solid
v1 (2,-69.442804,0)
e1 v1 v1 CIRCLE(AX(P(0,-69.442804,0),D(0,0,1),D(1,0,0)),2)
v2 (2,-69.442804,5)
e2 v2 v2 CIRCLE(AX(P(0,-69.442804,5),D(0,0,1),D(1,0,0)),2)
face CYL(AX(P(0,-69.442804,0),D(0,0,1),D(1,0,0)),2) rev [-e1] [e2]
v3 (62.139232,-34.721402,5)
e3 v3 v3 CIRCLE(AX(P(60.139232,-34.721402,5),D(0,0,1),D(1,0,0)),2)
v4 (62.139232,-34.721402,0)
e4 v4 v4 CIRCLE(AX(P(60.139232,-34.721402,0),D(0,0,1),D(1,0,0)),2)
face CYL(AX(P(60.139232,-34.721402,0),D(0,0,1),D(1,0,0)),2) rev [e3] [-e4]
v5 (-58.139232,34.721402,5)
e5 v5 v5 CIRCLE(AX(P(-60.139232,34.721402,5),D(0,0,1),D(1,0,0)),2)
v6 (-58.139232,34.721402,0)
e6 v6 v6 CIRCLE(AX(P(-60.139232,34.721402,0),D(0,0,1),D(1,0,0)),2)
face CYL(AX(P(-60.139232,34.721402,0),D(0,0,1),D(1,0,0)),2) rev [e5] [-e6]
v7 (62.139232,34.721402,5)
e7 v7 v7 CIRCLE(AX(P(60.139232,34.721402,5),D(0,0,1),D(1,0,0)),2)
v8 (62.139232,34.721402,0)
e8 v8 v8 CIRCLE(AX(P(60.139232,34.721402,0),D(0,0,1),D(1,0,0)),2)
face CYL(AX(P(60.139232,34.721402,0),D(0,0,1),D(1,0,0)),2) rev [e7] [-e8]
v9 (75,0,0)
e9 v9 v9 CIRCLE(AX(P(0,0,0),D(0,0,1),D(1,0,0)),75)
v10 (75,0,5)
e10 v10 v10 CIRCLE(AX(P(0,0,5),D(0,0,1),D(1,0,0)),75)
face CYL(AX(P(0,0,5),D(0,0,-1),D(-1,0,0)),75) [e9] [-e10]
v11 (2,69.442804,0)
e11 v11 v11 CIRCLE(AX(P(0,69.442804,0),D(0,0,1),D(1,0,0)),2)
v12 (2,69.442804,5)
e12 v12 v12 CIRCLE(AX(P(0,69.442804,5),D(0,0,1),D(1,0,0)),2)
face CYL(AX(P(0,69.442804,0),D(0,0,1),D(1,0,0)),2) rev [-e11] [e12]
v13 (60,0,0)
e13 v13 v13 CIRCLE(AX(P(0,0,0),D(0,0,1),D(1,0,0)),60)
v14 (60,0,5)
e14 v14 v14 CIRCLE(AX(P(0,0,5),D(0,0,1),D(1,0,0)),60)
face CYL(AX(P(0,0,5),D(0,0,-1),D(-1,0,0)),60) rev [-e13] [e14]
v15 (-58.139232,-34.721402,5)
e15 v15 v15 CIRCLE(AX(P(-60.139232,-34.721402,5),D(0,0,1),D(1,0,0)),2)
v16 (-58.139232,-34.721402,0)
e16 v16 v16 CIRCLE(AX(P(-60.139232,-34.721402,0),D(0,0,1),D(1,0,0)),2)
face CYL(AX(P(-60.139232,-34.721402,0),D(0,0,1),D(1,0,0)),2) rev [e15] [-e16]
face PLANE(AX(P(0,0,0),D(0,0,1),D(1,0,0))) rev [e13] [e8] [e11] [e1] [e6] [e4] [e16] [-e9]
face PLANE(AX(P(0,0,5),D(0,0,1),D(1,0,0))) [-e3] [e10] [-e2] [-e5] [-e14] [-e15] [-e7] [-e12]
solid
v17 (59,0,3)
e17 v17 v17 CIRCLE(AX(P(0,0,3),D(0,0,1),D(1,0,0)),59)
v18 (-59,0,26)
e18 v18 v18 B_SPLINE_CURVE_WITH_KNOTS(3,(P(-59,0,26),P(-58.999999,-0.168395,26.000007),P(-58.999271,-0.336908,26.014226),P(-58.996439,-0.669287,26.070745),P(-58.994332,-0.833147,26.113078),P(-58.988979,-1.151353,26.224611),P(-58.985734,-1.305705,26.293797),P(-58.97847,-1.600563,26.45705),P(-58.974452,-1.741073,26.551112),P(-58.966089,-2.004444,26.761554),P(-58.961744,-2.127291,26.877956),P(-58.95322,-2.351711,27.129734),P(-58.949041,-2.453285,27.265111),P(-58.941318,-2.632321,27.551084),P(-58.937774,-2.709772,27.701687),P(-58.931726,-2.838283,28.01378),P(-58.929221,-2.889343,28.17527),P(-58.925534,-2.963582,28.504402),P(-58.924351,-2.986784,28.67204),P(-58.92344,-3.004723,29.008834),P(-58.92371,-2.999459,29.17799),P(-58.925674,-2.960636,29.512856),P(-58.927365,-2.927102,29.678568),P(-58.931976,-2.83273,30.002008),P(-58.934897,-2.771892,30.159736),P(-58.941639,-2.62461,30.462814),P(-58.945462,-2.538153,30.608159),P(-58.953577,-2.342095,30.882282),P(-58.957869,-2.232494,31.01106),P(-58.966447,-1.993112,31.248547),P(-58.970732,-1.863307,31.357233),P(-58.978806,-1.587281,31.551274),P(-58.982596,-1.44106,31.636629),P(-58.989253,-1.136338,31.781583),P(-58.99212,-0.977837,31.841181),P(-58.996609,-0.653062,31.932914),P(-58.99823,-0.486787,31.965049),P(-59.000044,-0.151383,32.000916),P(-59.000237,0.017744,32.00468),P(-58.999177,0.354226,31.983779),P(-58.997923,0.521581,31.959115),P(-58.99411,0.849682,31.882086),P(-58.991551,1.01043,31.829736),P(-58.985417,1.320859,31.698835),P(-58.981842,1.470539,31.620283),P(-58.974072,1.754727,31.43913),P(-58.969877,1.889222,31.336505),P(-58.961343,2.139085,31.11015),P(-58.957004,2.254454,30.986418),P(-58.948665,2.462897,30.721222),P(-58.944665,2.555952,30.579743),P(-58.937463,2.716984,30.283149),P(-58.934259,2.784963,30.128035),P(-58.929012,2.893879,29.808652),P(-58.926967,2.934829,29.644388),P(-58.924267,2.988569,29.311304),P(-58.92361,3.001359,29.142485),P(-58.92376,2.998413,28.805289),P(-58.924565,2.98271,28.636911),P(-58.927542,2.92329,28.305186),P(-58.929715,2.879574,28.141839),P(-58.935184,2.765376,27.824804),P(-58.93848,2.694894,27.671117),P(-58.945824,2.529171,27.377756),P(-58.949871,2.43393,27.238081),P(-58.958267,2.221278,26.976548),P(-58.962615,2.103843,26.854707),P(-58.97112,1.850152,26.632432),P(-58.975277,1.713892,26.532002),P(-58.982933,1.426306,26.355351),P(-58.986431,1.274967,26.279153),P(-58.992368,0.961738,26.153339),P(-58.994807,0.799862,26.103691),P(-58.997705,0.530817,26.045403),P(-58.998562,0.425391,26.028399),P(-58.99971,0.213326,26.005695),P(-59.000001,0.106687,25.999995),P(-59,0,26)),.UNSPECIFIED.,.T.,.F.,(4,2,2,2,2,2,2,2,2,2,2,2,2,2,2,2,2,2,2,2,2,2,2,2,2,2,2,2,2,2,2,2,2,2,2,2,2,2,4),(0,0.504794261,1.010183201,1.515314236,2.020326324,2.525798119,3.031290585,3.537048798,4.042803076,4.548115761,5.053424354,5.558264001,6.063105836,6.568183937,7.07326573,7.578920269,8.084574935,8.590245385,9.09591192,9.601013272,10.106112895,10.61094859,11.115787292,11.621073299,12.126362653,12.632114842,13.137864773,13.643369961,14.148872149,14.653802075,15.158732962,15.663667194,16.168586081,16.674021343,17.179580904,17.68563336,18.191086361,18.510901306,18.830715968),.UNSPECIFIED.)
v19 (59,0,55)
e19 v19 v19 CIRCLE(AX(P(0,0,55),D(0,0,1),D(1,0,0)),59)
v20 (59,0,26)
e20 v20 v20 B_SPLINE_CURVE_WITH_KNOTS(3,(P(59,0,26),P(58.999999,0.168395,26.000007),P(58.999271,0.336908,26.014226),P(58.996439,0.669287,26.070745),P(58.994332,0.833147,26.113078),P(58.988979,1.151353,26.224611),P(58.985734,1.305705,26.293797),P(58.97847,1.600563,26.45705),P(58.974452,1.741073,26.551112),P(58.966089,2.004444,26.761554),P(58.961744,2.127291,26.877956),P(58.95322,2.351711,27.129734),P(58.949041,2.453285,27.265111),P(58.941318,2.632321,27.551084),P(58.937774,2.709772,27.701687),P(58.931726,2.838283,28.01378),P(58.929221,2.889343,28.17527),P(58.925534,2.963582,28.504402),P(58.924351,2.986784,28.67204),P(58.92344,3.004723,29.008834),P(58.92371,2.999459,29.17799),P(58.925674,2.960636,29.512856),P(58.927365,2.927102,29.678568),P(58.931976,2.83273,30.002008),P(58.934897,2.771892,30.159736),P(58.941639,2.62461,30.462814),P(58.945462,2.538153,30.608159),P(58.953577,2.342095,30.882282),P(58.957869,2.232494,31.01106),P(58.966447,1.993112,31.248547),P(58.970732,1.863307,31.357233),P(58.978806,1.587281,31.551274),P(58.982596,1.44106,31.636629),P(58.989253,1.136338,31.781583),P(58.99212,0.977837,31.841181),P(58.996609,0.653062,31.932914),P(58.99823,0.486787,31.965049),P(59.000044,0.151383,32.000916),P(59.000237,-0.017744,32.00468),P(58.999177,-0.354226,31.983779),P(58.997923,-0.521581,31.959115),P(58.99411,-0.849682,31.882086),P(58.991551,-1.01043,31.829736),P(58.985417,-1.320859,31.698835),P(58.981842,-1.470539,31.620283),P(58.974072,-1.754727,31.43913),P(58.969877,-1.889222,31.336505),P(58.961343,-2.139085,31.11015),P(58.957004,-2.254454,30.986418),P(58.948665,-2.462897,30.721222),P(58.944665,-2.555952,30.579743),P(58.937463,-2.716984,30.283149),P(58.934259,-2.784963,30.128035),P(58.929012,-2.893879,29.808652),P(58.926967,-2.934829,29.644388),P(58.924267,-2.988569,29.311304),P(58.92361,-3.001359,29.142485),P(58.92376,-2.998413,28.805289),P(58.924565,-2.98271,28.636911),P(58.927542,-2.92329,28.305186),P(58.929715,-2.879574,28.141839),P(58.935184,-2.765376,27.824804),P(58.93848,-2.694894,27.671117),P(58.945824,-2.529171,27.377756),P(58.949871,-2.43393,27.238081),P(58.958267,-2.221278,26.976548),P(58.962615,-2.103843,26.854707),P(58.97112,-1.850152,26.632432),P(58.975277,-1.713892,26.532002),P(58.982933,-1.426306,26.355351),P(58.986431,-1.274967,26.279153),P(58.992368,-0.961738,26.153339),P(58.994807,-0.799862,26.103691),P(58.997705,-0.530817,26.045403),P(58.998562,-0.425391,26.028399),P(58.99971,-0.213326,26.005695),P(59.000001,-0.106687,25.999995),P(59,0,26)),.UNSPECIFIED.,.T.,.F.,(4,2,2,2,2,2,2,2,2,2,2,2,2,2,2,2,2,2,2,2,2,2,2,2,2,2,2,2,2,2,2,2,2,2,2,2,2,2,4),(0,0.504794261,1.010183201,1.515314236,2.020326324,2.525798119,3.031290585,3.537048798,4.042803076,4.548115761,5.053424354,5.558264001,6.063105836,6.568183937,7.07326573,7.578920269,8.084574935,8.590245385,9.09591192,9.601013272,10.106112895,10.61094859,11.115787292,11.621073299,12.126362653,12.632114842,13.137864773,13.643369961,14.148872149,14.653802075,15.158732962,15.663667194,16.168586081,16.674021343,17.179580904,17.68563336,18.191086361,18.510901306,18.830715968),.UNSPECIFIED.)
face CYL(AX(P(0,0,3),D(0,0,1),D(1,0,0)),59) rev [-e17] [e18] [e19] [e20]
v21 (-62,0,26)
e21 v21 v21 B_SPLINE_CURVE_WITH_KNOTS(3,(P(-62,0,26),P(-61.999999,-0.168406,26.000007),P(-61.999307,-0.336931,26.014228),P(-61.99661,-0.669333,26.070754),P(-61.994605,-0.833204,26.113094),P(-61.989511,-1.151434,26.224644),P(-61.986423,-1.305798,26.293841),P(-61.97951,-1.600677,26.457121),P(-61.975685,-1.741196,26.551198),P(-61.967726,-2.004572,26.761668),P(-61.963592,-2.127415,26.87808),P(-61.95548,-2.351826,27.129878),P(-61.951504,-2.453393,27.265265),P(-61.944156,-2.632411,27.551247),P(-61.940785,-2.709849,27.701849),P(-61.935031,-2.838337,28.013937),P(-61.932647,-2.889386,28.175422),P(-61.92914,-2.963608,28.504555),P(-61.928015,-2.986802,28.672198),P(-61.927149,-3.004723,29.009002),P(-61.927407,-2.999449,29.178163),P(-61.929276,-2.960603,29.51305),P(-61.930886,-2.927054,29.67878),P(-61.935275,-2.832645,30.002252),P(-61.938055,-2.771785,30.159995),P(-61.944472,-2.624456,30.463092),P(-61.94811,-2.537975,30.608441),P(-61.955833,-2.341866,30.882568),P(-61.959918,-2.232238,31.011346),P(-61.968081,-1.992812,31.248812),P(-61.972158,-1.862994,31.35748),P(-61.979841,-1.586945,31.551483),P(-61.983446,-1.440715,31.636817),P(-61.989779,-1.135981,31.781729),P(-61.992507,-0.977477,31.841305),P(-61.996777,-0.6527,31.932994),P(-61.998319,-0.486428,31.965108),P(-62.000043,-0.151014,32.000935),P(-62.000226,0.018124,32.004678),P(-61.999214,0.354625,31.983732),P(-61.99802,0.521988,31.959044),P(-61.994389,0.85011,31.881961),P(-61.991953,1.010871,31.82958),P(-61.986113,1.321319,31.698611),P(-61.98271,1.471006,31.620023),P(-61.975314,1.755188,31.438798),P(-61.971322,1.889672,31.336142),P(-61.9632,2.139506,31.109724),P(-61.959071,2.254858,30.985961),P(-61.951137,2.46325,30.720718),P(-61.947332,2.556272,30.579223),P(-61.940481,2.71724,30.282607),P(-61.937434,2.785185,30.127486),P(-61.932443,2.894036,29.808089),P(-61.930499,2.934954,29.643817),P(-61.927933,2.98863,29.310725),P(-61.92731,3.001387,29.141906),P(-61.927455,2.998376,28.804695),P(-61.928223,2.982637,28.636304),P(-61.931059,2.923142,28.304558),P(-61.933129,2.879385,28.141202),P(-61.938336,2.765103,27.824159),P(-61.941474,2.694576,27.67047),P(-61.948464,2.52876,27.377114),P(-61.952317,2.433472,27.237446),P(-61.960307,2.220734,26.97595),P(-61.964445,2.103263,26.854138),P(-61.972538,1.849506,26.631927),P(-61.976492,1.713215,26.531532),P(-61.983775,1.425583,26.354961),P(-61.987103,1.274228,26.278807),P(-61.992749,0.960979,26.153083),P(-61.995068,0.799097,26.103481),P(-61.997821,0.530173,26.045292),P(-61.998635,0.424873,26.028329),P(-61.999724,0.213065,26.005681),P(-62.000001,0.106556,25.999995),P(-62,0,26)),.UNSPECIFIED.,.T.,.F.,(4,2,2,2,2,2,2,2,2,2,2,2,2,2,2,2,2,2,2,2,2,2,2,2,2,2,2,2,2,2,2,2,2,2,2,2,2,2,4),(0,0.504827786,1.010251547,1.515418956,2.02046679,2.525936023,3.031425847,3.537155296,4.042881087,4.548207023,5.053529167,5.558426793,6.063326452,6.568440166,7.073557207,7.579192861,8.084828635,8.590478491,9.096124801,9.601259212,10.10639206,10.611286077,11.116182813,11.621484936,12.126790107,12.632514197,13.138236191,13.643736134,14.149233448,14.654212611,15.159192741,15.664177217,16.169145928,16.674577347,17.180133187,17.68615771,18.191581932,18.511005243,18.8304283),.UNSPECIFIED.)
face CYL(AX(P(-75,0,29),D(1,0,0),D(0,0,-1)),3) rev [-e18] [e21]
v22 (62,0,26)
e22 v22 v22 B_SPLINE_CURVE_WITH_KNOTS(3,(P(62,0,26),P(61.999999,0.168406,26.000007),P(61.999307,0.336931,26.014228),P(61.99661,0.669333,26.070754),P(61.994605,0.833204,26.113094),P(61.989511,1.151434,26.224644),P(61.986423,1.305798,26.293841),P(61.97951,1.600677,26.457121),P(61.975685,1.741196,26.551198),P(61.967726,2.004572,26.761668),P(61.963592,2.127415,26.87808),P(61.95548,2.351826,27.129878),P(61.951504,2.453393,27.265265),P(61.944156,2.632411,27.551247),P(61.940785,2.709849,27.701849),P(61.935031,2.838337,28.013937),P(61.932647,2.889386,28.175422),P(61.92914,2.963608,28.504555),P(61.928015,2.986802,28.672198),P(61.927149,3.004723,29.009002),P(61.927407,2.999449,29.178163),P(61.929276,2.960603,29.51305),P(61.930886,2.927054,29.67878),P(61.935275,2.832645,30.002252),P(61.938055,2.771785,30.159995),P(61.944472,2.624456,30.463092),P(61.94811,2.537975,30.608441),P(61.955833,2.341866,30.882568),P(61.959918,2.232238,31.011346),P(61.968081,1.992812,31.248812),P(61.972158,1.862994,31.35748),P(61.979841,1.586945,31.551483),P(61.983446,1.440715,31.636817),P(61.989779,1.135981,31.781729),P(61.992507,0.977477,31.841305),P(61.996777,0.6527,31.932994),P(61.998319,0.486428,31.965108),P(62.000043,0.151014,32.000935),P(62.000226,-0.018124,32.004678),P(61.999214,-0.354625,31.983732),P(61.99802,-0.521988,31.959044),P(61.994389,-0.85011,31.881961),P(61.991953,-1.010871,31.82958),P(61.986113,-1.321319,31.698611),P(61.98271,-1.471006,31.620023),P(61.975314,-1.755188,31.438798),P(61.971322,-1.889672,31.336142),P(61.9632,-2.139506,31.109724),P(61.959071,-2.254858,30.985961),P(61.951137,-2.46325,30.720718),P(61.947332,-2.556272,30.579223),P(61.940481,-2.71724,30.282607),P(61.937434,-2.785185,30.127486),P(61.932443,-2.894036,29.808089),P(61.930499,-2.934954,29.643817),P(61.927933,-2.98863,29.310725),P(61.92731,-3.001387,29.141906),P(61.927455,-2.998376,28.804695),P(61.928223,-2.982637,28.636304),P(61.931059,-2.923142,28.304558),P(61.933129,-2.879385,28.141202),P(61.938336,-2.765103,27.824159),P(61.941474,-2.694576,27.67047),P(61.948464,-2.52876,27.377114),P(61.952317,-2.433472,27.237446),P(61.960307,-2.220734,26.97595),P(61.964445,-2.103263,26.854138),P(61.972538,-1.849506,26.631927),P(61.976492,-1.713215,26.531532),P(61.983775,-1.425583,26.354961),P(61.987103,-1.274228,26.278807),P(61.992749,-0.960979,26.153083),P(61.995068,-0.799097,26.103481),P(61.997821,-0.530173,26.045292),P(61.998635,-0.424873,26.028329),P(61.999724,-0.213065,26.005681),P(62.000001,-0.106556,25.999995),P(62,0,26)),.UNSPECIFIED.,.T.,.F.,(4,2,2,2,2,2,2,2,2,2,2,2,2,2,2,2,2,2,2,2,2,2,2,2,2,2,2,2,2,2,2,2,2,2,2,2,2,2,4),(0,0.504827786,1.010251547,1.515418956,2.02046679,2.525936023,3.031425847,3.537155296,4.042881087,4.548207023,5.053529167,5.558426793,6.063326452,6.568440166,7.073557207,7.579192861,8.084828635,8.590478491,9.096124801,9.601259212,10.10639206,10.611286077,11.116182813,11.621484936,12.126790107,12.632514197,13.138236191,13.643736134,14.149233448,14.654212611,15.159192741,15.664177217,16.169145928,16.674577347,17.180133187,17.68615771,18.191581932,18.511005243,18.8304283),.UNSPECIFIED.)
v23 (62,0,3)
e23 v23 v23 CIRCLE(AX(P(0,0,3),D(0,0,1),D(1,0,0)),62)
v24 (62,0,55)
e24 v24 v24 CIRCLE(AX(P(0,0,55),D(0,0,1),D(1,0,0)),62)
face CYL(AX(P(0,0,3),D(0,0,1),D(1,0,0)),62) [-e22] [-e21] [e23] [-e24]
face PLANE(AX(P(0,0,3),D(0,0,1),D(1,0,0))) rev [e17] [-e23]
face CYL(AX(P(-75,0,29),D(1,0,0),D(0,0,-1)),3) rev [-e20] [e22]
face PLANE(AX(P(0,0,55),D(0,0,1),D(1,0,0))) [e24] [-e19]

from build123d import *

# Parameters (mm, degrees)
SKETCH_1_R               = 75
SKETCH_1_R_2             = 60
EXTRUDE_1_DEPTH          = 5
EXTRUDE_2_DEPTH          = 50
EXTRUDE_2_DEPTH_BACK     = 2
SKETCH_2_R               = 62
SKETCH_2_R_2             = 59
SKETCH_3_R               = 2
CUT_EXTRUDE_1_DEPTH      = 118.260393996
CUT_EXTRUDE_2_DEPTH      = 120.478031453
CUT_EXTRUDE_2_DEPTH_BACK = 120.478031453
SKETCH_5_R               = 3


with BuildPart() as part:
    # Эскиз1 → Бобышка-Вытянуть1 (new body)
    with BuildSketch(Plane.XY):
        Circle(SKETCH_1_R)
        Circle(SKETCH_1_R_2, mode=Mode.SUBTRACT)
    extrude(amount=EXTRUDE_1_DEPTH)

    # Эскиз3 → Вырез-Вытянуть1 (cut, through all)
    with BuildSketch(Plane.XY.offset(5)):
        with Locations((0, 69.442803579)):
            Circle(SKETCH_3_R)
        with Locations((60.139232009, 34.72140179)):
            Circle(SKETCH_3_R)
        with Locations((60.139232009, -34.72140179)):
            Circle(SKETCH_3_R)
        with Locations((0, -69.442803579)):
            Circle(SKETCH_3_R)
        with Locations((-60.139232009, -34.72140179)):
            Circle(SKETCH_3_R)
        with Locations((-60.139232009, 34.72140179)):
            Circle(SKETCH_3_R)
    extrude(amount=-CUT_EXTRUDE_1_DEPTH, mode=Mode.SUBTRACT)


with BuildPart() as body_2:
    # Эскиз2 → Бобышка-Вытянуть2 (new, two sides: drawn at the far end of the back side and taken through both)
    with BuildSketch(Plane.XY.offset(5).offset(-EXTRUDE_2_DEPTH_BACK)):
        Circle(SKETCH_2_R)
        Circle(SKETCH_2_R_2, mode=Mode.SUBTRACT)
    extrude(amount=EXTRUDE_2_DEPTH + EXTRUDE_2_DEPTH_BACK)

    # Эскиз5 → Вырез-Вытянуть2 (cut, two sides: drawn at the far end of the back side and taken through both)
    with BuildSketch(Plane(origin=(0, 0, 0), x_dir=(0, 0, -1), z_dir=(1, 0, 0)).offset(-CUT_EXTRUDE_2_DEPTH_BACK)):
        with Locations((-29, 0)):
            Circle(SKETCH_5_R)
    extrude(amount=CUT_EXTRUDE_2_DEPTH + CUT_EXTRUDE_2_DEPTH_BACK, mode=Mode.SUBTRACT)


solid = Compound([part.part, body_2.part])
